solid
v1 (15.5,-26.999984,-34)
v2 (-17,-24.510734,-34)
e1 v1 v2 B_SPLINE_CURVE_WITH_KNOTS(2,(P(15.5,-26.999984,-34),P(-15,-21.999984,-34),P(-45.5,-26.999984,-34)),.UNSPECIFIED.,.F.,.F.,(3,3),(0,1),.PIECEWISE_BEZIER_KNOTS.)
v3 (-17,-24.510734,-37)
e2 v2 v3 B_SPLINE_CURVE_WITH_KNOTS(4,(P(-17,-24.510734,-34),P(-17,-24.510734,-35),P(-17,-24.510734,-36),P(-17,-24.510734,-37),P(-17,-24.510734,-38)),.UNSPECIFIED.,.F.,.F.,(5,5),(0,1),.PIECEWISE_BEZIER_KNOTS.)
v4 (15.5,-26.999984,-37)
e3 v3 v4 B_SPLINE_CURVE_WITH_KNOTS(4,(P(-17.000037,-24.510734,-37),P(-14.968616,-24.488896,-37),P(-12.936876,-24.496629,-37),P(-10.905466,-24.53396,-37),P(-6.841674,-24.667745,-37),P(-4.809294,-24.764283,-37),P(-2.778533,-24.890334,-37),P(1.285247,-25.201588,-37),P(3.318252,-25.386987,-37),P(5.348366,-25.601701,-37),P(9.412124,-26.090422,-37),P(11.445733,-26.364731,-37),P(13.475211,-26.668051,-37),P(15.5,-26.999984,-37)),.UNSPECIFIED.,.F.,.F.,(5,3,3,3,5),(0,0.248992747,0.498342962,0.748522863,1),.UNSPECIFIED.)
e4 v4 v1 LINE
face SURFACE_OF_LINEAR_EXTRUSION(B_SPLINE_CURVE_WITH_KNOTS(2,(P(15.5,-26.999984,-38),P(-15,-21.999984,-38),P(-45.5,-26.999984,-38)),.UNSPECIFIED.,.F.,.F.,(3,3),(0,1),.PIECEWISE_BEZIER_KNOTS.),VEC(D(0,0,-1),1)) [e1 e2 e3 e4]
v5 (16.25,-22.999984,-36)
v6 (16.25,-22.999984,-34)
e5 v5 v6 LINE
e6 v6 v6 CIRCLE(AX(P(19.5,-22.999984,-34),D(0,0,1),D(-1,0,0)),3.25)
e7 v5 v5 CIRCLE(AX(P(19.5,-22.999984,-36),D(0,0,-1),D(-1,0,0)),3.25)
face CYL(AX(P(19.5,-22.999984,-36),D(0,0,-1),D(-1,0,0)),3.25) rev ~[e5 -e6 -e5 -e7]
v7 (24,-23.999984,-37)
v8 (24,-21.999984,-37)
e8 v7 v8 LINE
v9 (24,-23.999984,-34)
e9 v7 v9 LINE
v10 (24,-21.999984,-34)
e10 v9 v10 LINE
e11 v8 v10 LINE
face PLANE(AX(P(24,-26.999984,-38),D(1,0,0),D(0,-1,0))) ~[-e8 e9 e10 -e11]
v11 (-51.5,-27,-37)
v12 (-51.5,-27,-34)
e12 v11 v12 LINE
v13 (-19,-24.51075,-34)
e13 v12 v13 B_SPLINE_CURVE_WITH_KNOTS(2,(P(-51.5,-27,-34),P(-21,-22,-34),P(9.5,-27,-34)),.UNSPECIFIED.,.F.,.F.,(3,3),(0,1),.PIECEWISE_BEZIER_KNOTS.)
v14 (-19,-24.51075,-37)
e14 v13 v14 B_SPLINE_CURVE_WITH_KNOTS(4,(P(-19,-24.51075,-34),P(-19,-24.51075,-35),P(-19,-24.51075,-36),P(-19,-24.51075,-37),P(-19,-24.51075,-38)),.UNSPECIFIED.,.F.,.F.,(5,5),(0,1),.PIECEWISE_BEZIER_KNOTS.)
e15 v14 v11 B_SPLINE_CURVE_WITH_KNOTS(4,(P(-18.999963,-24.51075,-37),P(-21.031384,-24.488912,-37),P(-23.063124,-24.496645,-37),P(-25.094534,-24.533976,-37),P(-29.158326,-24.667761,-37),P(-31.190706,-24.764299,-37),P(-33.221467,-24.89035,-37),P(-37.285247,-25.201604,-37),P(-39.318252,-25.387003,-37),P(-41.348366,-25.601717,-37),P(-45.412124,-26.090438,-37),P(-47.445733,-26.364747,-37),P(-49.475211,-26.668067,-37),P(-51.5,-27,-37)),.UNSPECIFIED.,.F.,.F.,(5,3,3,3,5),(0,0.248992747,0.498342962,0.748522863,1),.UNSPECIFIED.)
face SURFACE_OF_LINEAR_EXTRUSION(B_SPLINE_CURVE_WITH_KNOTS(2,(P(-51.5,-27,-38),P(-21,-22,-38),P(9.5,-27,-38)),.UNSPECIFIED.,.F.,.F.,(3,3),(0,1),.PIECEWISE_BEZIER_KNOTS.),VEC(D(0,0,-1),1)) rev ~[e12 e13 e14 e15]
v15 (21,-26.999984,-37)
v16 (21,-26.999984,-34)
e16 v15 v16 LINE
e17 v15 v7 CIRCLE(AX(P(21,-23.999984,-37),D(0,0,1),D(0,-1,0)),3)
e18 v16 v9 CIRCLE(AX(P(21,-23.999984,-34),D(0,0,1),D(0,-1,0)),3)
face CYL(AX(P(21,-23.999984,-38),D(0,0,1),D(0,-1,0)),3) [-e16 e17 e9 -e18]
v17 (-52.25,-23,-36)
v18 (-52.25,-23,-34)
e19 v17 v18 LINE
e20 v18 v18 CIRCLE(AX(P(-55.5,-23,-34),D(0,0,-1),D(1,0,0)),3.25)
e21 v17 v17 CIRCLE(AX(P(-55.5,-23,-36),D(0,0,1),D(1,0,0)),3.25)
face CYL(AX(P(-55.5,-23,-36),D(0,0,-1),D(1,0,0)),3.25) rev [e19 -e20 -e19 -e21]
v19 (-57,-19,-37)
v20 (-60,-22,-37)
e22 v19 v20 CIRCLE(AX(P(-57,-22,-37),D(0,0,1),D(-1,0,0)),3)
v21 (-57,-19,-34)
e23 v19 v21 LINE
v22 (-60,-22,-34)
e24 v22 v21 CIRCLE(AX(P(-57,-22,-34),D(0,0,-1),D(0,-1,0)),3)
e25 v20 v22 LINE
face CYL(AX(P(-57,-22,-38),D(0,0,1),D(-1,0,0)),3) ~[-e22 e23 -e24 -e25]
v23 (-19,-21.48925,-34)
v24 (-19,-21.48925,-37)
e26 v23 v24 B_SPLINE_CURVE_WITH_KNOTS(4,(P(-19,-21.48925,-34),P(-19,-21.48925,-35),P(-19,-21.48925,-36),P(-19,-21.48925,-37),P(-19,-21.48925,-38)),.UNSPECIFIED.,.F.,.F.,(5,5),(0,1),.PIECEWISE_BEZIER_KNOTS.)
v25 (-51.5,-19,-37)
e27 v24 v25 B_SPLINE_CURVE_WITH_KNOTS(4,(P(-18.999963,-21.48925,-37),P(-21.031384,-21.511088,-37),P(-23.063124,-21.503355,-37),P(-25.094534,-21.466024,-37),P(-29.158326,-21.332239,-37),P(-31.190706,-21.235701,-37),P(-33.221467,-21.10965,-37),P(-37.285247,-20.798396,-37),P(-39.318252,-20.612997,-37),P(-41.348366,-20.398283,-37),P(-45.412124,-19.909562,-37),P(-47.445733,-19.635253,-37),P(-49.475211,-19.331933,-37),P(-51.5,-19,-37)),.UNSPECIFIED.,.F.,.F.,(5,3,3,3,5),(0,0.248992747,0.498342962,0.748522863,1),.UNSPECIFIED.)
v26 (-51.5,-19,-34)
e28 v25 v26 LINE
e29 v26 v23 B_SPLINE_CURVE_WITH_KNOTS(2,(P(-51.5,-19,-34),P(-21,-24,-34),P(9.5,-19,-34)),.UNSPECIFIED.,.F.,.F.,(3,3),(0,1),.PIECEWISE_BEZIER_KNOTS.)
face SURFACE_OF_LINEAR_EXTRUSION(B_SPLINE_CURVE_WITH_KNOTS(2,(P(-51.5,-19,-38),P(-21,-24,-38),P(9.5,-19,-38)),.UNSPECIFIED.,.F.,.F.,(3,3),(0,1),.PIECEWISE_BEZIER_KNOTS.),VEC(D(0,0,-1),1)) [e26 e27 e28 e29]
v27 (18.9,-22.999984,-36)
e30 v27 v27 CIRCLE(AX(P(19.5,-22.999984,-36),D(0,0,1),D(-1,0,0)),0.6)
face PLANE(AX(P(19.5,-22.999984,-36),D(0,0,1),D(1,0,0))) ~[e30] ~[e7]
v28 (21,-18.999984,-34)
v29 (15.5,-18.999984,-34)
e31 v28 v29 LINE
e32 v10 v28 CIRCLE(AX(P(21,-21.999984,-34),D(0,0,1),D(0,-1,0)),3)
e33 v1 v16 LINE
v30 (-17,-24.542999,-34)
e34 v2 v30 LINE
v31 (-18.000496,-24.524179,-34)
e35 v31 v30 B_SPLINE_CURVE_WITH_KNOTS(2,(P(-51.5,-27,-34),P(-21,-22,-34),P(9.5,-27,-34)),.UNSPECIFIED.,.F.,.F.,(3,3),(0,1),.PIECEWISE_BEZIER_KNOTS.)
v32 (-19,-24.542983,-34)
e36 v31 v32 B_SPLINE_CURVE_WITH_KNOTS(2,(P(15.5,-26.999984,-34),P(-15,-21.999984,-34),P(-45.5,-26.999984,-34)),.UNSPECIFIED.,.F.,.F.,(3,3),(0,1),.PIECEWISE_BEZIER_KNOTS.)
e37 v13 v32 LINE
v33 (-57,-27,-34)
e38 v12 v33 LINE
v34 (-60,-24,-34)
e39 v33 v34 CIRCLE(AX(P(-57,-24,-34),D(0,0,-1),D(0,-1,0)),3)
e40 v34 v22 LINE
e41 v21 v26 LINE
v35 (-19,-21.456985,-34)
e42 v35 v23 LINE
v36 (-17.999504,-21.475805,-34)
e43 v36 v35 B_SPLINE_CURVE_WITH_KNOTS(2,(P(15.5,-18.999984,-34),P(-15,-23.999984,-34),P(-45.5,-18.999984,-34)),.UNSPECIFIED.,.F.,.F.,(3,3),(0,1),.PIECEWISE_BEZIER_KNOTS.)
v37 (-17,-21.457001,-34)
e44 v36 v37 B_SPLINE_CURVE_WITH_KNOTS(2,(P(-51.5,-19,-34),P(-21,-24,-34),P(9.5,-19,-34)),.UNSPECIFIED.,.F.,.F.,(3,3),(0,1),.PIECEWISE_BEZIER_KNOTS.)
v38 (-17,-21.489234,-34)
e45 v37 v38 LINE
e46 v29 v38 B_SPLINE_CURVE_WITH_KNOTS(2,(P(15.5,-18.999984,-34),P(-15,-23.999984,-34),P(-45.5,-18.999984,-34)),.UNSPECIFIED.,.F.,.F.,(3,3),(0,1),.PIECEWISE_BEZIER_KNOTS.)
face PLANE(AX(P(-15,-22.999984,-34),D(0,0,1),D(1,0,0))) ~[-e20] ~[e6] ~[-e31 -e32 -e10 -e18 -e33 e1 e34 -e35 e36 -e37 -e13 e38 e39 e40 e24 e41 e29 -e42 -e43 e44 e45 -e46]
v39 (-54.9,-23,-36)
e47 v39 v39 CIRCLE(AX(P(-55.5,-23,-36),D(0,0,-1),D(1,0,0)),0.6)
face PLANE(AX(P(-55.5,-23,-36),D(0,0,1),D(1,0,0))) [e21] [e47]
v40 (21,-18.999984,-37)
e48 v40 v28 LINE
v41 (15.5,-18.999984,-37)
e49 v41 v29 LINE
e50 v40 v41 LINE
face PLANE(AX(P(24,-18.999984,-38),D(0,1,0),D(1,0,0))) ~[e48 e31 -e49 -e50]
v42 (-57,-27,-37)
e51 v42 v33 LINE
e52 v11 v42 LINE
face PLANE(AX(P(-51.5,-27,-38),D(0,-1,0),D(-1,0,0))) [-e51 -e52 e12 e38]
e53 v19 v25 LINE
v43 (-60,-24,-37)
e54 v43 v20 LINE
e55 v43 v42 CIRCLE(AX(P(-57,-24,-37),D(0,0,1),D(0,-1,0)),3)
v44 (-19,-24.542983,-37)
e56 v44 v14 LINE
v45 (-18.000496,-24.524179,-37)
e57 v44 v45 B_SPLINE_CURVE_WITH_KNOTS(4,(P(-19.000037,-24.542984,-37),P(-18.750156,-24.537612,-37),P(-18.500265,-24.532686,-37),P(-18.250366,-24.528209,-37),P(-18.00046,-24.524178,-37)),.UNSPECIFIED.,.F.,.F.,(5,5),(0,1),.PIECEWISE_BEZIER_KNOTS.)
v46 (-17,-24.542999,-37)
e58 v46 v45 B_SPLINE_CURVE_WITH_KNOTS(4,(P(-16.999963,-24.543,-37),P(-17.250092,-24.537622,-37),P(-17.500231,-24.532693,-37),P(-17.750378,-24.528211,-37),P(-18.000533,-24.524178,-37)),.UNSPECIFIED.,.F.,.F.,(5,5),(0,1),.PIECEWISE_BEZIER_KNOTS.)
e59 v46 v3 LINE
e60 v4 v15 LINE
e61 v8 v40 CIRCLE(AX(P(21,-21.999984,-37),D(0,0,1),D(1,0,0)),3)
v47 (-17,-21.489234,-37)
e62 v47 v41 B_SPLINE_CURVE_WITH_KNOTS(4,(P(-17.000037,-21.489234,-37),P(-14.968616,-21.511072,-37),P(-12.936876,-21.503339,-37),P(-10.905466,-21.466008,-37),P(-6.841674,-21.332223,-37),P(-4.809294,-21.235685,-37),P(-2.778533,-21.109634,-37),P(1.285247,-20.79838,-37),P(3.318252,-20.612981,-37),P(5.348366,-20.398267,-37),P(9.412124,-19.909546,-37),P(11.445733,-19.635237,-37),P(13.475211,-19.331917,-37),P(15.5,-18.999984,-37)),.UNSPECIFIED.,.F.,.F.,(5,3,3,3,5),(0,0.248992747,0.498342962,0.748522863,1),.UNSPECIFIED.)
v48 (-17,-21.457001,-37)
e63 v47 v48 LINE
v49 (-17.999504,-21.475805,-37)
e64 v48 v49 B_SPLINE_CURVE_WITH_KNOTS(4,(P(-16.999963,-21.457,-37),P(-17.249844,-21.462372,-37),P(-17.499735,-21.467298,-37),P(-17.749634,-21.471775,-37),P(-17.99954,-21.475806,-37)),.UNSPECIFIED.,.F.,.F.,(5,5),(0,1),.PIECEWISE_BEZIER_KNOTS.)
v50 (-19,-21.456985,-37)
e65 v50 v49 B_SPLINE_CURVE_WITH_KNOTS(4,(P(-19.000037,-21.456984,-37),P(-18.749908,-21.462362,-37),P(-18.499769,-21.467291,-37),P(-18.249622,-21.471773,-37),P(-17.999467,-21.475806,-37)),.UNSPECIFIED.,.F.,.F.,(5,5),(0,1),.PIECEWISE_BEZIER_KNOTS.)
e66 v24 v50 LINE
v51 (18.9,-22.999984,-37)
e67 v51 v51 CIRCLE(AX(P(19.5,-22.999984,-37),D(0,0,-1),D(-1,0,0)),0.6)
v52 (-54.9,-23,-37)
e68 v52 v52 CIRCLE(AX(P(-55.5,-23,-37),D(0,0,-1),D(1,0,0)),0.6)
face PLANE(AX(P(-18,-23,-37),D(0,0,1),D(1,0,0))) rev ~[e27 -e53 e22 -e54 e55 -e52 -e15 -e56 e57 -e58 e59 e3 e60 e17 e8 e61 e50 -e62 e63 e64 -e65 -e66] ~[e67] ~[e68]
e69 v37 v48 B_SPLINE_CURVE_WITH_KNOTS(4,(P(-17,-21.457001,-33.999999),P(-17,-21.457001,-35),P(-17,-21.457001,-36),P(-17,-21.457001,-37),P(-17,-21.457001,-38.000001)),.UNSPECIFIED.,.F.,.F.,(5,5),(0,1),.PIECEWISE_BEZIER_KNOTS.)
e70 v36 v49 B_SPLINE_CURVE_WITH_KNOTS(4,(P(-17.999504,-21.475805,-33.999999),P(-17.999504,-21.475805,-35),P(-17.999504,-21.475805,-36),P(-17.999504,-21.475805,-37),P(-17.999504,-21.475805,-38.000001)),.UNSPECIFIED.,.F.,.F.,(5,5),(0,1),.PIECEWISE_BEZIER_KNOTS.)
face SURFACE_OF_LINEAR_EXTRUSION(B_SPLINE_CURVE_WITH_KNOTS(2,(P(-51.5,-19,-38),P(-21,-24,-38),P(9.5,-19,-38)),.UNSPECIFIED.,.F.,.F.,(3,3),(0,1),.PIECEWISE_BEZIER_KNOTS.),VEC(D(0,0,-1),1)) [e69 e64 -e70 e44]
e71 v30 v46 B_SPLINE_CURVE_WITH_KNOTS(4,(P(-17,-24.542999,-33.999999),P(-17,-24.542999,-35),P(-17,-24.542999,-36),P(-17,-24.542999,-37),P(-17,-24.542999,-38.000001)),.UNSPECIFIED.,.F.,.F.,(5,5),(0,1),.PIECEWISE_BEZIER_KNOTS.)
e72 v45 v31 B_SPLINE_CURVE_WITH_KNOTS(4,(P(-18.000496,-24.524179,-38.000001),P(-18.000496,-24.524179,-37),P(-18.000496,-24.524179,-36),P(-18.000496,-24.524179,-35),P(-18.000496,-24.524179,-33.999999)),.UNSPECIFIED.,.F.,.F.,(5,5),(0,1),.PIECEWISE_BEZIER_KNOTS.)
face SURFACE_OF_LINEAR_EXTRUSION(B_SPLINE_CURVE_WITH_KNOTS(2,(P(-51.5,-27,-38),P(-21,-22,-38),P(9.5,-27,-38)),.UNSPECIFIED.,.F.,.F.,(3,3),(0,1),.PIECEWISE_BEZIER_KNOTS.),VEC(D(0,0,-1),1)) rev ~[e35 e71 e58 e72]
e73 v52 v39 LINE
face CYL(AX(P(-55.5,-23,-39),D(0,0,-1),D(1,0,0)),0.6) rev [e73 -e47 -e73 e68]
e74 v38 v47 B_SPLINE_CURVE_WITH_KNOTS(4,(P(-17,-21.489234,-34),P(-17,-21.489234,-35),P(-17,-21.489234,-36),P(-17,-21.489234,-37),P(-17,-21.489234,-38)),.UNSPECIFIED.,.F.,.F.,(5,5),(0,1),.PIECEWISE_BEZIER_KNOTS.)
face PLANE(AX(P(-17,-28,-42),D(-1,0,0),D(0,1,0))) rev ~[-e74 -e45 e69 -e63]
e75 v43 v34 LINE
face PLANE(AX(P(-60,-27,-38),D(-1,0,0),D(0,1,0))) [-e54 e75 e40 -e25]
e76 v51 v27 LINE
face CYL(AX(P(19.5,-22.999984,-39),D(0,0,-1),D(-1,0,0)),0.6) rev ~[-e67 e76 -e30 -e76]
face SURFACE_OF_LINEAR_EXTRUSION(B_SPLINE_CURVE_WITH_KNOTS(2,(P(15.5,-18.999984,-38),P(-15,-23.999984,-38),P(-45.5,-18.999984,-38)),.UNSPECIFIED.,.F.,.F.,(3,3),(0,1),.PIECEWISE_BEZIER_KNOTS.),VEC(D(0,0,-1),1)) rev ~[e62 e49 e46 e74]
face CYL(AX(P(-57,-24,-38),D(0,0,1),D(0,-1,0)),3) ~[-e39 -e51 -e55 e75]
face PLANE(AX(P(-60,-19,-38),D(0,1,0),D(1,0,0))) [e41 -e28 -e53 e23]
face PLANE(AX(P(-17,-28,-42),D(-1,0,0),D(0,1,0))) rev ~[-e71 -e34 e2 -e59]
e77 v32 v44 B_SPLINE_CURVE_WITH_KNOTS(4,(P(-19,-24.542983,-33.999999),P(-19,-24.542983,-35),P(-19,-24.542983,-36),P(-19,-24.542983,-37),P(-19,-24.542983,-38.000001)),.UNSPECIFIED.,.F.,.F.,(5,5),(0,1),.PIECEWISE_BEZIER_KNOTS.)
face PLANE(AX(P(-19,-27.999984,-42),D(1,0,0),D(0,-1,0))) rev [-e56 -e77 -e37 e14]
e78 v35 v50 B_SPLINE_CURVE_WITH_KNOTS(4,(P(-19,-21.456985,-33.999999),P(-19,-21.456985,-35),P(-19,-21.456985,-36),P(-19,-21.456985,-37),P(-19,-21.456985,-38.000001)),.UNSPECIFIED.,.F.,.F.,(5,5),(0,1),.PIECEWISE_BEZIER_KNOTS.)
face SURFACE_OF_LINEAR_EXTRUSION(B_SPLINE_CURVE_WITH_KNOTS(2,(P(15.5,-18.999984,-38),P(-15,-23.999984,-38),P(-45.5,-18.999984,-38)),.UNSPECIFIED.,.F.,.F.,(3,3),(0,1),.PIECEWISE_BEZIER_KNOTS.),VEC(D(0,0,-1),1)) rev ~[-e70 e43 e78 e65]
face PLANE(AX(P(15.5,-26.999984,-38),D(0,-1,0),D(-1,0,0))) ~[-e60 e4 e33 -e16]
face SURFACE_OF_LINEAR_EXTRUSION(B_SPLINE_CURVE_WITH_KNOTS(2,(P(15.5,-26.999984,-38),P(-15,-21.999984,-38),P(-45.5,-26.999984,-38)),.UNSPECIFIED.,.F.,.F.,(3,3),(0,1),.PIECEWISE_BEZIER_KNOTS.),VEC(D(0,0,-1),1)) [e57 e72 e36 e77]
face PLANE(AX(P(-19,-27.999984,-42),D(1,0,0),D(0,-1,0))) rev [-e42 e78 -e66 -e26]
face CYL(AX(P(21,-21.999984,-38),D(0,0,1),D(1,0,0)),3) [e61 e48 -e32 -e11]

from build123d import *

# Parameters (mm, degrees)
BOX126_W                          = 90
BOX126_H                          = 9
BOX126_DEPTH                      = 4
BOX125_W                          = 40
BOX125_H                          = 10
BOX125_DEPTH                      = 10
CYLINDER211_R                     = 3.25
CYLINDER211_DEPTH                 = 3.5
CYLINDER212_R                     = 0.6
CYLINDER212_DEPTH                 = 9.5
CYLINDER210_R                     = 0.6
CYLINDER210_DEPTH                 = 9.5
CYLINDER209_R                     = 3.25
CYLINDER209_DEPTH                 = 3.5
PAD016_DEPTH                      = 4
FILLET087_R                       = 3
PART_MIRRORING004_PLACEMENT_ANGLE = 180
BOX123_W                          = 40
BOX123_H                          = 10
BOX123_DEPTH                      = 10
CYLINDER205_R                     = 3.25
CYLINDER205_DEPTH                 = 3.5
CYLINDER208_R                     = 0.6
CYLINDER208_DEPTH                 = 9.5
CYLINDER206_R                     = 0.6
CYLINDER206_DEPTH                 = 9.5
CYLINDER207_R                     = 3.25
CYLINDER207_DEPTH                 = 3.5
PAD017_DEPTH                      = 4
FILLET086_R                       = 3


with BuildPart() as w_rfel116:
    # Box126 → Box126 (new body)
    with BuildSketch(Plane(origin=(-63, -27.5, -41), x_dir=(1, 0, 0), z_dir=(0, 0, 1))):
        with Locations((45, 4.5)):
            Rectangle(BOX126_W, BOX126_H)
    extrude(amount=BOX126_DEPTH)


with BuildPart() as w_rfel115:
    # Box125 → Box125 (new body)
    with BuildSketch(Plane(origin=(-14, -72, -42), x_dir=(1, 0, 0), z_dir=(0, 0, 1))):
        with Locations((20, 5)):
            Rectangle(BOX125_W, BOX125_H)
    extrude(amount=BOX125_DEPTH)


with BuildPart() as zylinder211:
    # Cylinder211 → Cylinder211 (new body)
    with BuildSketch(Plane(origin=(-52.5, 23, -36), x_dir=(1, 0, 0), z_dir=(0, 0, 1))):
        Circle(CYLINDER211_R)
    extrude(amount=CYLINDER211_DEPTH)


with BuildPart() as zylinder212:
    # Cylinder212 → Cylinder212 (new body)
    with BuildSketch(Plane(origin=(16.5, 23, -39), x_dir=(1, 0, 0), z_dir=(0, 0, 1))):
        Circle(CYLINDER212_R)
    extrude(amount=CYLINDER212_DEPTH)


with BuildPart() as zylinder210:
    # Cylinder210 → Cylinder210 (new body)
    with BuildSketch(Plane(origin=(-52.5, 23, -39), x_dir=(1, 0, 0), z_dir=(0, 0, 1))):
        Circle(CYLINDER210_R)
    extrude(amount=CYLINDER210_DEPTH)


with BuildPart() as fusion135:
    # Cylinder209 → Cylinder209 (new body)
    with BuildSketch(Plane(origin=(16.5, 23, -36), x_dir=(1, 0, 0), z_dir=(0, 0, 1))):
        Circle(CYLINDER209_R)
    extrude(amount=CYLINDER209_DEPTH)

    # Fusion135: union Zylinder211, Zylinder212, Zylinder210
    add(zylinder211.part)
    add(zylinder212.part)
    add(zylinder210.part)


with BuildPart() as cut090:
    # Sketch017 → Pad016 (new body)
    with BuildSketch(Plane.XY):
        with BuildLine():
            add(Edge.make_bspline(
                [(-48.5, 19), (-18, 24), (12.5, 19)],
                knots=[0, 0, 0, 1, 1, 1], degree=2))
            Line((-48.5, 19), (-57, 19))
            Line((-57, 19), (-57, 27))
            Line((-57, 27), (-48.5, 27))
            add(Edge.make_bspline(
                [(-48.5, 27), (-18, 22), (12.5, 27)],
                knots=[0, 0, 0, 1, 1, 1], degree=2))
            Line((12.5, 27), (21, 27))
            Line((21, 27), (21, 19))
            Line((21, 19), (12.5, 19))
        make_face()
    extrude(amount=PAD016_DEPTH)


with BuildPart() as cut090_1:
    # Body007 placement: moved
    add(cut090.part.moved(Location((0, 0, -38))))

    # Cut088: cut Fusion135
    add(fusion135.part, mode=Mode.SUBTRACT)

    # Fillet087
    fillet087_edges = [cut090_1.edges().sort_by_distance(p)[0] for p in [
        (-57, 19, -36),
        (21, 19, -36),
        (-57, 27, -36),
        (21, 27, -36),
    ]]
    fillet(fillet087_edges, radius=FILLET087_R)


with BuildPart() as cut090_2:
    # Fillet087 placement: moved
    add(cut090_1.part.moved(Location((0, -90, 0))))

    # Cut090: cut Würfel115
    add(w_rfel115.part, mode=Mode.SUBTRACT)


with BuildPart() as cut090_3:
    # Cut090 placement: moved
    add(cut090_2.part.moved(Location((-5, 35, 0))))


with BuildPart() as part_mirroring004:
    # Part__Mirroring004: instance of Cut090
    add(cut090_3.part.mirror(Plane(origin=(-40.5, -8e-06, -36), x_dir=(1, 0, 0), z_dir=(0, 1, 0))))


with BuildPart() as part_mirroring004_1:
    # Part__Mirroring004 placement: moved
    add(part_mirroring004.part.moved(Location((-38, 9, 0))).rotate(Axis((-38, 9, 0), (0, 0, 1)), PART_MIRRORING004_PLACEMENT_ANGLE))


with BuildPart() as w_rfel113:
    # Box123 → Box123 (new body)
    with BuildSketch(Plane(origin=(-14, -72, -42), x_dir=(1, 0, 0), z_dir=(0, 0, 1))):
        with Locations((20, 5)):
            Rectangle(BOX123_W, BOX123_H)
    extrude(amount=BOX123_DEPTH)


with BuildPart() as zylinder205:
    # Cylinder205 → Cylinder205 (new body)
    with BuildSketch(Plane(origin=(-52.5, 23, -36), x_dir=(1, 0, 0), z_dir=(0, 0, 1))):
        Circle(CYLINDER205_R)
    extrude(amount=CYLINDER205_DEPTH)


with BuildPart() as zylinder208:
    # Cylinder208 → Cylinder208 (new body)
    with BuildSketch(Plane(origin=(16.5, 23, -39), x_dir=(1, 0, 0), z_dir=(0, 0, 1))):
        Circle(CYLINDER208_R)
    extrude(amount=CYLINDER208_DEPTH)


with BuildPart() as zylinder206:
    # Cylinder206 → Cylinder206 (new body)
    with BuildSketch(Plane(origin=(-52.5, 23, -39), x_dir=(1, 0, 0), z_dir=(0, 0, 1))):
        Circle(CYLINDER206_R)
    extrude(amount=CYLINDER206_DEPTH)


with BuildPart() as fusion134:
    # Cylinder207 → Cylinder207 (new body)
    with BuildSketch(Plane(origin=(16.5, 23, -36), x_dir=(1, 0, 0), z_dir=(0, 0, 1))):
        Circle(CYLINDER207_R)
    extrude(amount=CYLINDER207_DEPTH)

    # Fusion134: union Zylinder205, Zylinder208, Zylinder206
    add(zylinder205.part)
    add(zylinder208.part)
    add(zylinder206.part)


with BuildPart() as bar_medium_long:
    # Sketch016 → Pad017 (new body)
    with BuildSketch(Plane.XY):
        with BuildLine():
            add(Edge.make_bspline(
                [(-48.5, 19), (-18, 24), (12.5, 19)],
                knots=[0, 0, 0, 1, 1, 1], degree=2))
            Line((-48.5, 19), (-57, 19))
            Line((-57, 19), (-57, 27))
            Line((-57, 27), (-48.5, 27))
            add(Edge.make_bspline(
                [(-48.5, 27), (-18, 22), (12.5, 27)],
                knots=[0, 0, 0, 1, 1, 1], degree=2))
            Line((12.5, 27), (21, 27))
            Line((21, 27), (21, 19))
            Line((21, 19), (12.5, 19))
        make_face()
    extrude(amount=PAD017_DEPTH)


with BuildPart() as bar_medium_long_1:
    # Body008 placement: moved
    add(bar_medium_long.part.moved(Location((0, 0, -38))))

    # Cut086: cut Fusion134
    add(fusion134.part, mode=Mode.SUBTRACT)

    # Fillet086
    fillet086_edges = [bar_medium_long_1.edges().sort_by_distance(p)[0] for p in [
        (-57, 19, -36),
        (21, 19, -36),
        (-57, 27, -36),
        (21, 27, -36),
    ]]
    fillet(fillet086_edges, radius=FILLET086_R)


with BuildPart() as bar_medium_long_2:
    # Fillet086 placement: moved
    add(bar_medium_long_1.part.moved(Location((0, -90, 0))))

    # Cut087: cut Würfel113
    add(w_rfel113.part, mode=Mode.SUBTRACT)


with BuildPart() as bar_medium_long_3:
    # Cut087 placement: moved
    add(bar_medium_long_2.part.moved(Location((-3, 44, 0))))

    # Fusion136: union Part__Mirroring004
    add(part_mirroring004_1.part)

    # Cut091: cut Würfel116
    add(w_rfel116.part, mode=Mode.SUBTRACT)


solid = bar_medium_long_3.part
